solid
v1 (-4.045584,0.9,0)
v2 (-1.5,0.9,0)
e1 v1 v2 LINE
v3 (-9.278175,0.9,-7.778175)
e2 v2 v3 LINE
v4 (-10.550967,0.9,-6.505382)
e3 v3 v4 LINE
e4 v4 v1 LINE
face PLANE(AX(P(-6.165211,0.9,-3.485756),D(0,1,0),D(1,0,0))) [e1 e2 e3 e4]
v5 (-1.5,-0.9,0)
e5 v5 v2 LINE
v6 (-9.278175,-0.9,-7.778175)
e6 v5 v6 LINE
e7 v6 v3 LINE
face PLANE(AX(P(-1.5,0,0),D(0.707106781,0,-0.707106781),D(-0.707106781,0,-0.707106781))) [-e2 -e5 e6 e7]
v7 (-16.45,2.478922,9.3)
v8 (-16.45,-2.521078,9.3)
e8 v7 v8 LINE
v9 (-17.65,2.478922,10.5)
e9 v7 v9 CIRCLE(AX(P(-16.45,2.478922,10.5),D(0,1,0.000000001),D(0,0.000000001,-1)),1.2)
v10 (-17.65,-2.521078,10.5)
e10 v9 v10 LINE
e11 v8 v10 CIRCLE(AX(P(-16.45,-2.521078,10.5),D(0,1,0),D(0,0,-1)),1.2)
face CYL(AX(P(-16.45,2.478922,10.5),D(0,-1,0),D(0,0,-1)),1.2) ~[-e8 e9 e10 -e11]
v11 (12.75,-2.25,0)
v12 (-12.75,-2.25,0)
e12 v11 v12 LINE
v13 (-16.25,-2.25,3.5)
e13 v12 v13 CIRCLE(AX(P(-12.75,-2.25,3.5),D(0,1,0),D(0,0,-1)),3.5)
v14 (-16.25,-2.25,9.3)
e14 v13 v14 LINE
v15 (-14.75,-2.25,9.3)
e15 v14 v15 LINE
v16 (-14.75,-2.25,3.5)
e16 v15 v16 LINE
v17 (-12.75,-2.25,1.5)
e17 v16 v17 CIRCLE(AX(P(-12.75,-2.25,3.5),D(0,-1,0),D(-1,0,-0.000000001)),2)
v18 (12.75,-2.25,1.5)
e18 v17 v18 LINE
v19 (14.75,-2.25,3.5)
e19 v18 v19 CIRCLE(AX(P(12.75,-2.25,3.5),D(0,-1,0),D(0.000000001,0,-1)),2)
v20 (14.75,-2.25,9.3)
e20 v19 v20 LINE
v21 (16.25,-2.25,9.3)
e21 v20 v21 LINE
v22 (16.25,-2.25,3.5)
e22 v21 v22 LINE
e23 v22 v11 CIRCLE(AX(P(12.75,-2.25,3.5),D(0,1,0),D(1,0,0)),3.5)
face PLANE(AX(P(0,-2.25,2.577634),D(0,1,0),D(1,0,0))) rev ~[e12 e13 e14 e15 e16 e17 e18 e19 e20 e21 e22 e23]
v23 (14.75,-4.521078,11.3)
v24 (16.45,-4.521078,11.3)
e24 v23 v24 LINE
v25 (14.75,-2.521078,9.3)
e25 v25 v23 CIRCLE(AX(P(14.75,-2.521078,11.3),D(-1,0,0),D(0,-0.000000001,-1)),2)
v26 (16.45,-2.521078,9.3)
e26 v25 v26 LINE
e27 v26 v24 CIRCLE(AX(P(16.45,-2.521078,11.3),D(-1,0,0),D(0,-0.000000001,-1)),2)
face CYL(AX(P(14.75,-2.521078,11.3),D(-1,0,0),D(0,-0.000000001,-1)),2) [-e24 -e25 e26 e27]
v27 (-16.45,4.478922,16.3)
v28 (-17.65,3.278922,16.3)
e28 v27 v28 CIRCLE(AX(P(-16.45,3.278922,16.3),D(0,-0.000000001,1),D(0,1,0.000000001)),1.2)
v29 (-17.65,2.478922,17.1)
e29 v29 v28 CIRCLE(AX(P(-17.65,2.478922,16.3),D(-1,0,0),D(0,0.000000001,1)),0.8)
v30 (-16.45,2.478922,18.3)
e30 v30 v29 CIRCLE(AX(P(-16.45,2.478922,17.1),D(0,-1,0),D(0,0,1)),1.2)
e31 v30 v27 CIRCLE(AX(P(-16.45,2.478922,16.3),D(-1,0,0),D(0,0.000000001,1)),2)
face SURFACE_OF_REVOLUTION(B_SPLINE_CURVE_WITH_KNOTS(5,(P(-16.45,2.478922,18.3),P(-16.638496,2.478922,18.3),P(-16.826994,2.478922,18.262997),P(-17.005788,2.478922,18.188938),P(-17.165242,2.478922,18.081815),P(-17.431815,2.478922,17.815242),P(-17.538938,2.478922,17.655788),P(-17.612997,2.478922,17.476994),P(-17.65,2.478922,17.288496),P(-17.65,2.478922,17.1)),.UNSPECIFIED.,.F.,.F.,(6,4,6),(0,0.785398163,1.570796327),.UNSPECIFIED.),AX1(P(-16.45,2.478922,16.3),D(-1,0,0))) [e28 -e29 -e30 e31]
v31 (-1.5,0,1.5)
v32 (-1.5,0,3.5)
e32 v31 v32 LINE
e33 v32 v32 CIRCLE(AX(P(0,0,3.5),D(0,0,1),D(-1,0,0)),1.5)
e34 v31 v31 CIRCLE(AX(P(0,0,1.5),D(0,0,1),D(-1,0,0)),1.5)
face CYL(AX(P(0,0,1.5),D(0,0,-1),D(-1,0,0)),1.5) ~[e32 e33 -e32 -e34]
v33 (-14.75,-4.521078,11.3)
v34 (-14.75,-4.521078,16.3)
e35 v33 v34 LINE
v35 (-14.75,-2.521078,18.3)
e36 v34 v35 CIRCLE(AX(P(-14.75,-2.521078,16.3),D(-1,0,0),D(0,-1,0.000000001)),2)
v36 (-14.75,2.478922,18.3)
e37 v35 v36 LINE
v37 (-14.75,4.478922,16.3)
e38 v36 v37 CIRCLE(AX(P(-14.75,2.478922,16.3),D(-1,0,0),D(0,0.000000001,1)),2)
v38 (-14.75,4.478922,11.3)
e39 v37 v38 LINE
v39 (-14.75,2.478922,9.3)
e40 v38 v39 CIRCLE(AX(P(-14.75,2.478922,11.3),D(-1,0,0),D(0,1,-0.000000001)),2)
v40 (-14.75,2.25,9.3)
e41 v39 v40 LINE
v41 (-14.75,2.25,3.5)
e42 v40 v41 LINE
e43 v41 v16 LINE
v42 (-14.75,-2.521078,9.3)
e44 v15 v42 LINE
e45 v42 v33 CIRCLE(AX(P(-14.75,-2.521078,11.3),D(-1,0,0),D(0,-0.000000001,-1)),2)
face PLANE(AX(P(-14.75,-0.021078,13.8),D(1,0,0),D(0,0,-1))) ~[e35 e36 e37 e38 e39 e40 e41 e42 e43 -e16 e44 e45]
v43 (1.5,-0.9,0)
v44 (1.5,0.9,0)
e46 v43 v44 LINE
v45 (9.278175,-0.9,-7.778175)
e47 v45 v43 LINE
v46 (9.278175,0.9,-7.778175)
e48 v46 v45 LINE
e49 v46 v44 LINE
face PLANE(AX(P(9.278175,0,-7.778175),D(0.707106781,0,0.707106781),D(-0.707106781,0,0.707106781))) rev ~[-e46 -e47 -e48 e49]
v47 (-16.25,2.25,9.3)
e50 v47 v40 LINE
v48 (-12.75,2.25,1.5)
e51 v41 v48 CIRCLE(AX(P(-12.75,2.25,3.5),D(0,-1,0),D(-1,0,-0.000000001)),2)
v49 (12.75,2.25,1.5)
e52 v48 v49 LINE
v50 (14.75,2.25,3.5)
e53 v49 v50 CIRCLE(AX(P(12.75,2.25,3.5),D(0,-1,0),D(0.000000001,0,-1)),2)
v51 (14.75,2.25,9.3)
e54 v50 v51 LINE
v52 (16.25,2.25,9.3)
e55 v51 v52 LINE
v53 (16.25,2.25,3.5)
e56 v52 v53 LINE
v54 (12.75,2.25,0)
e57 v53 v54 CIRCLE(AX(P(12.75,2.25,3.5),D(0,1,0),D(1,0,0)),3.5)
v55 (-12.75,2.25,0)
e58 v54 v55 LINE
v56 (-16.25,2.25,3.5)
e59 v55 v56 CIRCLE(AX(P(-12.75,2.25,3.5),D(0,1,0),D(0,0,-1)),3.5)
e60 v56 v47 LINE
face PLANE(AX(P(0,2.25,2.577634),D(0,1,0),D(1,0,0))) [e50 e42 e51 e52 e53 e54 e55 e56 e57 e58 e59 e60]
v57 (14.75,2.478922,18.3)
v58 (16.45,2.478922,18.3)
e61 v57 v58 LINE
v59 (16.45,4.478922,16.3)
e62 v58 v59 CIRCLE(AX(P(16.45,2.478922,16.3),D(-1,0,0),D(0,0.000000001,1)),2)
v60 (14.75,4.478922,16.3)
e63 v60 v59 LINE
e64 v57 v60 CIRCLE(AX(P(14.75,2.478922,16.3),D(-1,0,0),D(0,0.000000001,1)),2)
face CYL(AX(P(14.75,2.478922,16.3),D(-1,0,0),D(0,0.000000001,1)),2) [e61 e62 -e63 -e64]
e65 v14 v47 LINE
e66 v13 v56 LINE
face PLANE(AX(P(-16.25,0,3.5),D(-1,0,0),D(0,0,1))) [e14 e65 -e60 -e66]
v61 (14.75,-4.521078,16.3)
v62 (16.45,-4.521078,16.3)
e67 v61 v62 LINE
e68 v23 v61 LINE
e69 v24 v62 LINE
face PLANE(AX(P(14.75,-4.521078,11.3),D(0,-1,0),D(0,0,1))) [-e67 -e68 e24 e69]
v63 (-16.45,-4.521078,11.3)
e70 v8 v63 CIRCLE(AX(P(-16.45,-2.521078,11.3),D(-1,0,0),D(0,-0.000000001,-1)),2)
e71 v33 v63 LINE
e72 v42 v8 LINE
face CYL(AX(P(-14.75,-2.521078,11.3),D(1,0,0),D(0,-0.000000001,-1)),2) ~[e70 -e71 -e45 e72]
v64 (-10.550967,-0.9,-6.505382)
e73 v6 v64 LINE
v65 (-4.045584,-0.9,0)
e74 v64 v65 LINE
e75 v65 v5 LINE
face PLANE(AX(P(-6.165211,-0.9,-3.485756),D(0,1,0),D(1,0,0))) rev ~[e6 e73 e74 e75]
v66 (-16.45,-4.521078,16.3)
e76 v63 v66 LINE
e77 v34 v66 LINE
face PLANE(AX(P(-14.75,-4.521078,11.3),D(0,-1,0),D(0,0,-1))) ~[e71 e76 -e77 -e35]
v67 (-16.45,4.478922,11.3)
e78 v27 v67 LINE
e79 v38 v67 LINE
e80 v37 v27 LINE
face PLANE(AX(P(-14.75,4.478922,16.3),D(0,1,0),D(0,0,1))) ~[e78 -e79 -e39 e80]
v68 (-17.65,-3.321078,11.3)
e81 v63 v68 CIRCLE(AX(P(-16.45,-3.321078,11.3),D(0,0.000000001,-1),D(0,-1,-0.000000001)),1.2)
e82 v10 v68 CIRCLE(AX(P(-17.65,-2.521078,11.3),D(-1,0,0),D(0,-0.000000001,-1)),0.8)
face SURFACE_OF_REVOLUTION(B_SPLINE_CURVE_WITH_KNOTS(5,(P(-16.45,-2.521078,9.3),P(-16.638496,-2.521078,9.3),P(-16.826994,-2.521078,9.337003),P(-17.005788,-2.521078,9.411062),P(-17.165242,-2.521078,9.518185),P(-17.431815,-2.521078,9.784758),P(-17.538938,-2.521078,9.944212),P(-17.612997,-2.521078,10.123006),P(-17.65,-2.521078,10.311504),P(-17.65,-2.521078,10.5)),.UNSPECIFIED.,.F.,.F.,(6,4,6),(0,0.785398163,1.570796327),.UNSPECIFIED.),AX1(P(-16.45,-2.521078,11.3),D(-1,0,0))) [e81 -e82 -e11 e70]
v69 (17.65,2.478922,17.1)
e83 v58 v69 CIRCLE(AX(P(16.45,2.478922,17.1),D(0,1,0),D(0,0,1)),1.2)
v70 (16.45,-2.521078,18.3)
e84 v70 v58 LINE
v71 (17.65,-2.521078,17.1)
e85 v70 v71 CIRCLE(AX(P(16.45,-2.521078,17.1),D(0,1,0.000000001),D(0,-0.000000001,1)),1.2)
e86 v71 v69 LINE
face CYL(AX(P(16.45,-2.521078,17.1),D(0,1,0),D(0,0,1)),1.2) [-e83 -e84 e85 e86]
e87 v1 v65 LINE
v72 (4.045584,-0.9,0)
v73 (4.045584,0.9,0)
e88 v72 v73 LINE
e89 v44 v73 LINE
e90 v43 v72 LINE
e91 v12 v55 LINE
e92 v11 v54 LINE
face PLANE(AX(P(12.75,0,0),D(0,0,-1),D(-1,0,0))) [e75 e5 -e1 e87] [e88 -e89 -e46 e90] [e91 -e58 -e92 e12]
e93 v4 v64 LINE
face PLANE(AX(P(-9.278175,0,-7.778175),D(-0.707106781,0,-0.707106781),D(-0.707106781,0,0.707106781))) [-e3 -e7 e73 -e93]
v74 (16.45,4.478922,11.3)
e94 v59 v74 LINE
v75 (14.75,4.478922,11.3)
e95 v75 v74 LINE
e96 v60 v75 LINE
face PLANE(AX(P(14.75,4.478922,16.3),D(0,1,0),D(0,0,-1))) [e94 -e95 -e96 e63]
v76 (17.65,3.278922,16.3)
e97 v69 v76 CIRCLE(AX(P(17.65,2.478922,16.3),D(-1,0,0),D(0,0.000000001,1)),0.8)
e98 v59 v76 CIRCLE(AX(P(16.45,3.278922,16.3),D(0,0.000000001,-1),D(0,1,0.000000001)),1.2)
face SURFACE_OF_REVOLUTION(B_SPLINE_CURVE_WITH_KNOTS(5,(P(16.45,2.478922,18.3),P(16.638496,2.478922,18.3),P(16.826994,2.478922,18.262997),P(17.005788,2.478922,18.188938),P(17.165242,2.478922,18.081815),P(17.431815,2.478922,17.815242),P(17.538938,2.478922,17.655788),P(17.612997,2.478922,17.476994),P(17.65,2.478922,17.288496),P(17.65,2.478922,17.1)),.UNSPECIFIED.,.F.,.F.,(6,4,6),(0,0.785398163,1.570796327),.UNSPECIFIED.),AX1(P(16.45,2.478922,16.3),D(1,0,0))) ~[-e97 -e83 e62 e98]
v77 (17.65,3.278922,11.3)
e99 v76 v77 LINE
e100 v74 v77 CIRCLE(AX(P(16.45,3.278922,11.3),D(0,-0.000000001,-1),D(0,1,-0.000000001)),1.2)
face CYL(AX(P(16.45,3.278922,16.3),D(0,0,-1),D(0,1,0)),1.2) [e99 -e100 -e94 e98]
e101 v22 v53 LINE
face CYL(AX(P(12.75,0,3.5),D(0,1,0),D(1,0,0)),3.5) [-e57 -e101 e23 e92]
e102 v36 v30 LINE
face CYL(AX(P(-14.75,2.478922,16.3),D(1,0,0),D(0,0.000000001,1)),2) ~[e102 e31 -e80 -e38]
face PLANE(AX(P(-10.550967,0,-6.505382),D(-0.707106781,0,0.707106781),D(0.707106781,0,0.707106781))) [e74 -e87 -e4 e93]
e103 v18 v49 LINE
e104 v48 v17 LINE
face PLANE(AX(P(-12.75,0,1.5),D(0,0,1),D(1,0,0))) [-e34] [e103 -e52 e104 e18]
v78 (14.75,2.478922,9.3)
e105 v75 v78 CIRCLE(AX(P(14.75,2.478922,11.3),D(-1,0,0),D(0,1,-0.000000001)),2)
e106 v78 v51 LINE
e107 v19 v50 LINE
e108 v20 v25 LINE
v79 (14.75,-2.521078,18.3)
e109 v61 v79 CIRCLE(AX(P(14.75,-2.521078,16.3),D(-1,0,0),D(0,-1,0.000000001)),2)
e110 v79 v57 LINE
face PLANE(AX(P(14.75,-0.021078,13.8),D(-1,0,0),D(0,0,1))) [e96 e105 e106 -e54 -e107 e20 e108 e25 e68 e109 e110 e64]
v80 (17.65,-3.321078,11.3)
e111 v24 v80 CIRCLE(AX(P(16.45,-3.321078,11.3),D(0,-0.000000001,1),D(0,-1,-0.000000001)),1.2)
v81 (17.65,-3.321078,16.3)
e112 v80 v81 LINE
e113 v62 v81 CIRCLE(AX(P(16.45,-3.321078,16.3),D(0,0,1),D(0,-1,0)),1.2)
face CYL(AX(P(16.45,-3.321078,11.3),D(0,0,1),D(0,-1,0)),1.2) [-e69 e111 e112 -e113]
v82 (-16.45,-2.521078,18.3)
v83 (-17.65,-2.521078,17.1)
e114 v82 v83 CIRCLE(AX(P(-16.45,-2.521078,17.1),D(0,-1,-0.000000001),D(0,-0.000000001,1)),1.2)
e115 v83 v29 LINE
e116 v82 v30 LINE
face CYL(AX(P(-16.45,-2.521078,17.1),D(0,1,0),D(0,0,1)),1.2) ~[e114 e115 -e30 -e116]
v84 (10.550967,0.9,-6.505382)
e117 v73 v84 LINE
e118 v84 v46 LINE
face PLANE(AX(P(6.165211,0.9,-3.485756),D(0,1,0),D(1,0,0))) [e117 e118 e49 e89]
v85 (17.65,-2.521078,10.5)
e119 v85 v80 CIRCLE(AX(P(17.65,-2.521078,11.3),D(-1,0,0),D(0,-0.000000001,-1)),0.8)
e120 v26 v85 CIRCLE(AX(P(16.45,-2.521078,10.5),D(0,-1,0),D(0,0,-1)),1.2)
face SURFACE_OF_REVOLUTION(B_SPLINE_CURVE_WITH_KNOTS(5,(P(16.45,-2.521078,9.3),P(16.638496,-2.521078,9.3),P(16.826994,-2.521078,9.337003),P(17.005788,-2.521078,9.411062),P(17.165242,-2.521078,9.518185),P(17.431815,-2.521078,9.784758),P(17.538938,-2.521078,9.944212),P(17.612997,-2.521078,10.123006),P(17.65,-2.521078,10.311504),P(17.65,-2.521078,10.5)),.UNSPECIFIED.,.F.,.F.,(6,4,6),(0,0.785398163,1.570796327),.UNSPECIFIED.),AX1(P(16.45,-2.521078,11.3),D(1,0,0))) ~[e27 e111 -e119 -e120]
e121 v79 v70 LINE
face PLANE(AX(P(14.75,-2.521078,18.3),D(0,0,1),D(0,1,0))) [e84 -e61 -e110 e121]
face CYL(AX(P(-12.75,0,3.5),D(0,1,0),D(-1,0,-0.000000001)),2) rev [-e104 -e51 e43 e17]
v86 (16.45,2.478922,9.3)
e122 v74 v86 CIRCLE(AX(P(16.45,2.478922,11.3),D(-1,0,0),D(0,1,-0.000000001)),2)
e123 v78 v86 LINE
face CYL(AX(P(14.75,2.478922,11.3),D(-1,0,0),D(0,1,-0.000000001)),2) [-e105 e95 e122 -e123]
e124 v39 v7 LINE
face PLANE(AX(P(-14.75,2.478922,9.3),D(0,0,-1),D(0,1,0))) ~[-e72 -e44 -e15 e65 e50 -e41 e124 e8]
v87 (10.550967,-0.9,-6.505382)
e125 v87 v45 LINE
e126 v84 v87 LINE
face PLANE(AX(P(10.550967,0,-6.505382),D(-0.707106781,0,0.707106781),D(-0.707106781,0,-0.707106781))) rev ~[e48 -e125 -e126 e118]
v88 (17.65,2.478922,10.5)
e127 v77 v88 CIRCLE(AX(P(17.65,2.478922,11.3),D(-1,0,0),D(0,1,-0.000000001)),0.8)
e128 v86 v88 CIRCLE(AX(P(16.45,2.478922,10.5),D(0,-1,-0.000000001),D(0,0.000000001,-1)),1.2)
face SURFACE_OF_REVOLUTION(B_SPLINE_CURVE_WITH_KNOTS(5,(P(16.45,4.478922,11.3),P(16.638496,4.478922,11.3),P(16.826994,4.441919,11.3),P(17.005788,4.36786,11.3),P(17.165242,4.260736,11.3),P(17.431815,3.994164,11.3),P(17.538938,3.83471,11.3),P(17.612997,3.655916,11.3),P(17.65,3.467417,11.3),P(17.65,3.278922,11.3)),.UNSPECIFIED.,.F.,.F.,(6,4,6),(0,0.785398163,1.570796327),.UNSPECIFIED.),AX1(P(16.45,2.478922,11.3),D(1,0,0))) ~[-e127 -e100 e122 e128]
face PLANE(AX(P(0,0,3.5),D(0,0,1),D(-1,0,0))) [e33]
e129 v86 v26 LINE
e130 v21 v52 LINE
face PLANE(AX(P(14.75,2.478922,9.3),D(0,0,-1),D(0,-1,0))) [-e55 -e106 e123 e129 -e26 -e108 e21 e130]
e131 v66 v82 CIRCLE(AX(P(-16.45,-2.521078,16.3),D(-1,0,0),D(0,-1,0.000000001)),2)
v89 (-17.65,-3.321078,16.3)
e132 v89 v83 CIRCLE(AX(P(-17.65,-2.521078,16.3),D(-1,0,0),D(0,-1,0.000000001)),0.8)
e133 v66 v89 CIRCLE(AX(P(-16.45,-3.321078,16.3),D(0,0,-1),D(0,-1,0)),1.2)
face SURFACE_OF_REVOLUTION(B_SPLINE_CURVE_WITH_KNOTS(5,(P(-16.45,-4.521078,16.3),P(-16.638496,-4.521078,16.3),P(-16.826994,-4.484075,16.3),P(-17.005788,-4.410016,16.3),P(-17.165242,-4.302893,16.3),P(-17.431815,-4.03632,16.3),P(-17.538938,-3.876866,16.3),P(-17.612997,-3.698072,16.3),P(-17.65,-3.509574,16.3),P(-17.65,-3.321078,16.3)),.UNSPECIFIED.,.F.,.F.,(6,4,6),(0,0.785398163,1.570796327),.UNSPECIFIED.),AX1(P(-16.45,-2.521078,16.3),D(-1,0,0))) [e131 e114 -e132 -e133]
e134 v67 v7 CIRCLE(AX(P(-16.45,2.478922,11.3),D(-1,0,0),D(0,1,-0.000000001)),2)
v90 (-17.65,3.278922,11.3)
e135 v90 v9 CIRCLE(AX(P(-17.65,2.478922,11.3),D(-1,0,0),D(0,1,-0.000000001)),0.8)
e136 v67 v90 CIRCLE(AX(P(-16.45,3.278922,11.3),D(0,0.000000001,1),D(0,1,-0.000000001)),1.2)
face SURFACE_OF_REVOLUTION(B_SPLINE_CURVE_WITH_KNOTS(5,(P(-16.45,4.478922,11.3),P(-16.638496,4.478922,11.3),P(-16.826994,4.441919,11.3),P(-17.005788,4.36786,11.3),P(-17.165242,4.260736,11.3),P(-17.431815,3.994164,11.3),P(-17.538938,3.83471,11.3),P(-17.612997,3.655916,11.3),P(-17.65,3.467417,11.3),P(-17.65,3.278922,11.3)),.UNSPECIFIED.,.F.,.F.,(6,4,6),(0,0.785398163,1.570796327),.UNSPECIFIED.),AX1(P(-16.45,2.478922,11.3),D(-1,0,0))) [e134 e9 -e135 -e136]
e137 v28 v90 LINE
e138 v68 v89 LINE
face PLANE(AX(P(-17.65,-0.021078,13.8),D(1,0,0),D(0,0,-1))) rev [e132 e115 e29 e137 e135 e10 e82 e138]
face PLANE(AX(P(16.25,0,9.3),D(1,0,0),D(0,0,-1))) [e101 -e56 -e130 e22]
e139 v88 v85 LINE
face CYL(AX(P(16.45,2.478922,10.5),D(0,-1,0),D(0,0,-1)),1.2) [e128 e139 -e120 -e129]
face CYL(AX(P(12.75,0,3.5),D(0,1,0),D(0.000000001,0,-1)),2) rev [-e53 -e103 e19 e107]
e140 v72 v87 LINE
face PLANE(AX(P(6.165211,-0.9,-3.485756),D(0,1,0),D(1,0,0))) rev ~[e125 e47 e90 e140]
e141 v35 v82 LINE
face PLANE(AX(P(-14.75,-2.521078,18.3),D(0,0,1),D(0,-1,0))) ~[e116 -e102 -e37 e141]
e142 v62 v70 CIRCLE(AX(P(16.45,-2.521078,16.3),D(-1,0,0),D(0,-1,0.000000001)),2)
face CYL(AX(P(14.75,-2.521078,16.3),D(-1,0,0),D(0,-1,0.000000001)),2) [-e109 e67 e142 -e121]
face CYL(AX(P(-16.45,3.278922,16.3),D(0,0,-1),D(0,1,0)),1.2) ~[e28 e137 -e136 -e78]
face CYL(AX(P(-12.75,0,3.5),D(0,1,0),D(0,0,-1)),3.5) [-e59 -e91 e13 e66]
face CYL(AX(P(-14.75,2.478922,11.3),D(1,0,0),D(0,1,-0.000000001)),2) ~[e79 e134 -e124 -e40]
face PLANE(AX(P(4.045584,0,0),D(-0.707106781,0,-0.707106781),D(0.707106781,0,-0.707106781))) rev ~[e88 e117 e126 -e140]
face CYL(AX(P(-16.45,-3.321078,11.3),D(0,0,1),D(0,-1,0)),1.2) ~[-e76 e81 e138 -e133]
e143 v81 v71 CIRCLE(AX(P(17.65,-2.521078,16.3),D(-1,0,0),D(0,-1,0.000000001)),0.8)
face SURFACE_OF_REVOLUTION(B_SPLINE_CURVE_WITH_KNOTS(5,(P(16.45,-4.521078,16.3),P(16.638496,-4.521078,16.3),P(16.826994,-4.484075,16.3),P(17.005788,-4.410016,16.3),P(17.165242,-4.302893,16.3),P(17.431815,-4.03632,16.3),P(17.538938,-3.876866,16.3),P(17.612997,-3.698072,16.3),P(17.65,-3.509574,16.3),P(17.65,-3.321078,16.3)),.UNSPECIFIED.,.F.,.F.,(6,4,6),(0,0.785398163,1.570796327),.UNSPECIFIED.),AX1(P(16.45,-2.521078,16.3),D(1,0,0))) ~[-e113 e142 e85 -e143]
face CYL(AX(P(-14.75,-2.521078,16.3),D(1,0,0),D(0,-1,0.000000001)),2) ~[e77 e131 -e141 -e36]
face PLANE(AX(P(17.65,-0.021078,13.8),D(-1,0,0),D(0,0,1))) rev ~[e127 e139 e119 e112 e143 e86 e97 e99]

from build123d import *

# Parameters (mm, degrees)
EXTRUDE_2_DEPTH        = 2.25
EXTRUDE_4_DEPTH        = 0.9
EXTRUDE_5_DEPTH        = 2.9
FILLET_1_R             = 1.2
FILLET_1_OF_MIRROR_2_R = 1.2
SKETCH_3_R             = 1.5
EXTRUDE_6_DEPTH        = 2


with BuildPart() as part:
    # 草图1 → 凸台-拉伸2 (new, symmetric)
    with BuildSketch(Plane(origin=(0, 0, 0), x_dir=(1, 0, 0), z_dir=(0, 1, 0))):
        with BuildLine():
            Line((-12.75, -1.5), (12.75, -1.5))
            ThreePointArc((12.75, -1.5), (14.164213562, -2.085786438), (14.75, -3.5))
            Line((14.75, -3.5), (14.75, -9.3))
            Line((14.75, -9.3), (16.25, -9.3))
            Line((16.25, -9.3), (16.25, -3.5))
            ThreePointArc((16.25, -3.5), (15.224873734, -1.025126266), (12.75, 0))
            Line((12.75, 0), (-12.75, 0))
            ThreePointArc((-12.75, 0), (-15.224873734, -1.025126266), (-16.25, -3.5))
            Line((-16.25, -3.5), (-16.25, -9.3))
            Line((-16.25, -9.3), (-14.75, -9.3))
            Line((-14.75, -9.3), (-14.75, -3.5))
            ThreePointArc((-14.75, -3.5), (-14.164213562, -2.085786438), (-12.75, -1.5))
        make_face()
    extrude(amount=EXTRUDE_2_DEPTH, both=True)

    # 草图1<6> → 凸台-拉伸4 (add, symmetric)
    with BuildSketch(Plane(origin=(0, 0, 0), x_dir=(1, 0, 0), z_dir=(0, 1, 0))):
        Polygon((-4.045584412, 0), (-1.5, 0), (-9.278174593, 7.778174593), (-10.550966799, 6.505382387), align=None)
        Polygon((9.278174593, 7.778174593), (1.5, 0), (4.045584412, 0), (10.550966799, 6.505382387), align=None)
    extrude(amount=EXTRUDE_4_DEPTH, both=True)

    # 草图2 → 凸台-拉伸5 (add)
    with BuildSketch(Plane.ZY.offset(-14.75)):
        with BuildLine():
            Line((16.3, 4.478921871), (11.3, 4.478921871))
            ThreePointArc((11.3, 4.478921871), (9.885786438, 3.893135433), (9.3, 2.478921871))
            Line((9.3, 2.478921871), (9.3, -2.521078129))
            ThreePointArc((9.3, -2.521078129), (9.885786438, -3.935291691), (11.3, -4.521078129))
            Line((11.3, -4.521078129), (16.3, -4.521078129))
            ThreePointArc((16.3, -4.521078129), (17.714213562, -3.935291691), (18.3, -2.521078129))
            Line((18.3, -2.521078129), (18.3, 2.478921871))
            ThreePointArc((18.3, 2.478921871), (17.714213562, 3.893135433), (16.3, 4.478921871))
        make_face()
    extrude_5 = extrude(amount=-EXTRUDE_5_DEPTH)

    # 圆角1
    fillet_1_edges = [part.edges().sort_by_distance(p)[0] for p in [
        (17.65, -0.021078129, 9.3),
        (17.65, -3.935291691, 9.885786438),
        (17.65, -4.521078129, 13.8),
        (17.65, -3.935291691, 17.714213562),
        (17.65, -0.021078129, 18.3),
        (17.65, 3.893135433, 17.714213562),
        (17.65, 4.478921871, 13.8),
        (17.65, 3.893135433, 9.885786438),
    ]]
    fillet(fillet_1_edges, radius=FILLET_1_R)

    # 镜向2: 凸台-拉伸5 across plane
    add(extrude_5.mirror(Plane(origin=(0, 0, 0), x_dir=(0, 0, 1), z_dir=(1, 0, 0))))

    # 圆角1 of 镜向2
    fillet_1_of_mirror_2_edges = [part.edges().sort_by_distance(p)[0] for p in [
        (-17.65, -0.021078129, 9.3),
        (-17.65, -3.935291691, 9.885786438),
        (-17.65, -4.521078129, 13.8),
        (-17.65, -3.935291691, 17.714213562),
        (-17.65, -0.021078129, 18.3),
        (-17.65, 3.893135433, 17.714213562),
        (-17.65, 4.478921871, 13.8),
        (-17.65, 3.893135433, 9.885786438),
    ]]
    fillet(fillet_1_of_mirror_2_edges, radius=FILLET_1_OF_MIRROR_2_R)

    # 草图3 → 凸台-拉伸6 (add)
    with BuildSketch(Plane.XY.offset(1.5)):
        Circle(SKETCH_3_R)
    extrude(amount=EXTRUDE_6_DEPTH)


solid = part.part
